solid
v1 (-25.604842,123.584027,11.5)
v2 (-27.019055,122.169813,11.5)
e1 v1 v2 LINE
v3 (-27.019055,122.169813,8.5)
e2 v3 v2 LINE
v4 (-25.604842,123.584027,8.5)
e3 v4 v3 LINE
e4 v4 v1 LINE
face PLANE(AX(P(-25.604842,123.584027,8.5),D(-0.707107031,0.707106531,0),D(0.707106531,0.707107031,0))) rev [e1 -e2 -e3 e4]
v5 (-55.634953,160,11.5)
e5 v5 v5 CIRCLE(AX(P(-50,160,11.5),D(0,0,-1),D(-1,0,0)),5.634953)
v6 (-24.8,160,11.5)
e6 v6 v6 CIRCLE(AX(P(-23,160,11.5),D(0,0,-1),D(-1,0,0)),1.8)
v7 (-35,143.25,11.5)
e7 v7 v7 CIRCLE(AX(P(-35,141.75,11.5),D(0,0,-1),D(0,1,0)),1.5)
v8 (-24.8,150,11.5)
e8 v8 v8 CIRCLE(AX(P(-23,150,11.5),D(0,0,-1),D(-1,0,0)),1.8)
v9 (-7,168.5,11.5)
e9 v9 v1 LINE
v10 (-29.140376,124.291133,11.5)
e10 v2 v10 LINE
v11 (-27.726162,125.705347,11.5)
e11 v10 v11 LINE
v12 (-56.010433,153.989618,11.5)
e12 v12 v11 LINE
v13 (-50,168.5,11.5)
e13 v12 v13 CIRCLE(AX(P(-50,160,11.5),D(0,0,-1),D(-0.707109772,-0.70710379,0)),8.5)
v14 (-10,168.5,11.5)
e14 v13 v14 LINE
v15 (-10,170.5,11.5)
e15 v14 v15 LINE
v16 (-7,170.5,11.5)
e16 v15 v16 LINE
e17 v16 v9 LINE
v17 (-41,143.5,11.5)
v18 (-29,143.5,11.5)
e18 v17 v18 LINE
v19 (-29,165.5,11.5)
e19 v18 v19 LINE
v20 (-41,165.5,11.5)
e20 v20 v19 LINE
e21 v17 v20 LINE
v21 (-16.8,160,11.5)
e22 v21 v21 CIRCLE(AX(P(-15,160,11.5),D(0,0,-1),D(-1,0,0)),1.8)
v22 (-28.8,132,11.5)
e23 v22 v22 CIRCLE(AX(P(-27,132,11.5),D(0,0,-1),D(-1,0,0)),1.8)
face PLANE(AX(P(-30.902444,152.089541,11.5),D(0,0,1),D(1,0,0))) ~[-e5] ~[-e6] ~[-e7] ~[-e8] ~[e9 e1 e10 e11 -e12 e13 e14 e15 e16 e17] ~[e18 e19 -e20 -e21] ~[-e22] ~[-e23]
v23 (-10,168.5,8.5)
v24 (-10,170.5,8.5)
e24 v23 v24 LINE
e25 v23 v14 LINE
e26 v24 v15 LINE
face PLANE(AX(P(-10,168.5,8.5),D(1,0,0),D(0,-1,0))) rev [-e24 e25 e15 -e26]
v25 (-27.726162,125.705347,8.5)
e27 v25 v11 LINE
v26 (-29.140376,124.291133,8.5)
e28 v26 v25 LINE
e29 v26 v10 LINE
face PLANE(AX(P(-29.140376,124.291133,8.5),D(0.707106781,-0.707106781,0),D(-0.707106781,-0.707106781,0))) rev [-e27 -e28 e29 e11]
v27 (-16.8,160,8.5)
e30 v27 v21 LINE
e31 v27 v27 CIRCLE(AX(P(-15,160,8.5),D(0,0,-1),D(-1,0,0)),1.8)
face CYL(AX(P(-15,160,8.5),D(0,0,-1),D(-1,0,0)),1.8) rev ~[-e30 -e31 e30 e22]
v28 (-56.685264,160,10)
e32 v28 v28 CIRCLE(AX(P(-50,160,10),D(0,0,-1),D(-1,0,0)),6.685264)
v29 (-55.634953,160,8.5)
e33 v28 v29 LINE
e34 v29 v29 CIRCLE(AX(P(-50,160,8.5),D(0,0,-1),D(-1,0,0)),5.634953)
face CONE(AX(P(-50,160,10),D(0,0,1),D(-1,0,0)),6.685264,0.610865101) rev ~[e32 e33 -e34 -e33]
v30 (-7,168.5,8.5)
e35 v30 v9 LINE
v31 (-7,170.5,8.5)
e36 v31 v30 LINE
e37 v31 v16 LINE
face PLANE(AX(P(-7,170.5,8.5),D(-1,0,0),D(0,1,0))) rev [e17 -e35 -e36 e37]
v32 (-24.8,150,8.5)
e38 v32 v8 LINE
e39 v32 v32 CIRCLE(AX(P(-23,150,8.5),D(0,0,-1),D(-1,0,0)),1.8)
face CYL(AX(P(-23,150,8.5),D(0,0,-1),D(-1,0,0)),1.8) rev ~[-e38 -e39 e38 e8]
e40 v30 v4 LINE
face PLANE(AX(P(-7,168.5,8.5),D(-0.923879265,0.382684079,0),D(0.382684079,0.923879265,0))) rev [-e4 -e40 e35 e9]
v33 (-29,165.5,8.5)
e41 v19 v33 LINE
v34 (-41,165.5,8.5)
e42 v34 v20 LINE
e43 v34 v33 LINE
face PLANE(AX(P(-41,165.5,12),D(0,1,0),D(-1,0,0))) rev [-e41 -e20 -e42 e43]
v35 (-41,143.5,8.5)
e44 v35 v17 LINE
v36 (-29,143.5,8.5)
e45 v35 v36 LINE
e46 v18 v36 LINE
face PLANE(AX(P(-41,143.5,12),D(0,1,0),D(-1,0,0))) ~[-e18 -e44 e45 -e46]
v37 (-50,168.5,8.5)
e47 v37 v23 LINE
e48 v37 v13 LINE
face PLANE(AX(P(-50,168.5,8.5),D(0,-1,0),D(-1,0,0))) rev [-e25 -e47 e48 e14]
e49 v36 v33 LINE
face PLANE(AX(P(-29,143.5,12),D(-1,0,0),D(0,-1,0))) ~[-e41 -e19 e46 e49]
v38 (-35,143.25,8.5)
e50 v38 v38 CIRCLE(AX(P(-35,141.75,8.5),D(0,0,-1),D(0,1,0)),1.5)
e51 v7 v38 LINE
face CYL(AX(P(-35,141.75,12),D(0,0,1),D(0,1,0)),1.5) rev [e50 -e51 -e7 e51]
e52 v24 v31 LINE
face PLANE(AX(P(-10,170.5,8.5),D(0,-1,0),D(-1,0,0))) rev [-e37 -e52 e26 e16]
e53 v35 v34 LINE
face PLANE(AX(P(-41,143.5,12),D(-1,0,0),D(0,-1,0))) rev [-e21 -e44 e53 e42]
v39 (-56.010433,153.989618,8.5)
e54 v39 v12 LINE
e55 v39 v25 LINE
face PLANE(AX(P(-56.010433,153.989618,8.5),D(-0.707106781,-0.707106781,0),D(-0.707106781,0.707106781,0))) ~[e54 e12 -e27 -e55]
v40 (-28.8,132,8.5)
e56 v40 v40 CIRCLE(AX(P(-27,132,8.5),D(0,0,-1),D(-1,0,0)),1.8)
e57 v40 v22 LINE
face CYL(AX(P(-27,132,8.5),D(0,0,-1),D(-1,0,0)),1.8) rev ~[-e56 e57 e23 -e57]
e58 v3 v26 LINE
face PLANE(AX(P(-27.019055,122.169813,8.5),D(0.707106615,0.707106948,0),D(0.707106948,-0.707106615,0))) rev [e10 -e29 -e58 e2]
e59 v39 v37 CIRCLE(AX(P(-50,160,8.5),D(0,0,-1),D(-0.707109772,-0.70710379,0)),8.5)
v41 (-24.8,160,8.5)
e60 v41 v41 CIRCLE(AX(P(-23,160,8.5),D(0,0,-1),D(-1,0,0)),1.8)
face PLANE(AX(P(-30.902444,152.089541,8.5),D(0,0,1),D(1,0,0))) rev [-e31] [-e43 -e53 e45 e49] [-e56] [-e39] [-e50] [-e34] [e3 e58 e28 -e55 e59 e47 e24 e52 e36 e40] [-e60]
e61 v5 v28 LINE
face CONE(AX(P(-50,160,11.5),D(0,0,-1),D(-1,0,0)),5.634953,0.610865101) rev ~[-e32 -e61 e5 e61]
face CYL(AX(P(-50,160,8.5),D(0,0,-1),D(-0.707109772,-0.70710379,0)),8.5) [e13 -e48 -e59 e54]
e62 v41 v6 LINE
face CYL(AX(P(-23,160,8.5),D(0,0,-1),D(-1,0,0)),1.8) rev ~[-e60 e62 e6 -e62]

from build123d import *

# Parameters (mm, degrees)
SKETCH182_R     = 1.5
SKETCH182_W     = 22
SKETCH182_H     = 12
PAD127029_DEPTH = 17.5
SKETCH153_R     = 8
SKETCH153_R_2   = 1.8
PAD119_DEPTH    = 3


with BuildPart() as pad127029:
    # Sketch182 → Pad127029 (new body, symmetric)
    with BuildSketch(Plane(origin=(35, 160, 12), x_dir=(0, 1, 0), z_dir=(0, 0, 1))):
        with Locations((-18.25, 0)):
            Circle(SKETCH182_R)
        with Locations((-5.5, 0)):
            Rectangle(SKETCH182_W, SKETCH182_H)
    extrude(amount=PAD127029_DEPTH, both=True)


with BuildPart() as frontwheelbaseplate:
    # Sketch153 → Pad119 (new body)
    with BuildSketch(Plane(origin=(50, 160, 8.5), x_dir=(1, 0, 0), z_dir=(0, 0, 1))):
        with BuildLine():
            ThreePointArc((6.010433, -6.010382), (7.852969, 3.252826), (0, 8.5))
            Line((0, 8.5), (-40, 8.5))
            Line((-40, 8.5), (-40, 10.5))
            Line((-40, 10.5), (-43, 10.5))
            Line((-43, 10.5), (-43, 8.5))
            Line((-43, 8.5), (-24.395158, -36.415973))
            Line((-24.395158, -36.415973), (-22.980945, -37.830187))
            Line((-22.980945, -37.830187), (-20.859624, -35.708867))
            Line((-20.859624, -35.708867), (-22.273838, -34.294653))
            Line((6.010433, -6.010382), (-22.273838, -34.294653))
        make_face()
        Circle(SKETCH153_R, mode=Mode.SUBTRACT)
        with Locations((-27, 0)):
            Circle(SKETCH153_R_2, mode=Mode.SUBTRACT)
        with Locations((-27, -10)):
            Circle(SKETCH153_R_2, mode=Mode.SUBTRACT)
        with Locations((-23, -28)):
            Circle(SKETCH153_R_2, mode=Mode.SUBTRACT)
        with Locations((-35, 0)):
            Circle(SKETCH153_R_2, mode=Mode.SUBTRACT)
    extrude(amount=PAD119_DEPTH)


with BuildPart() as steeringbaseplate:
    # Sketch151 → Revolution007 (revolve)
    with BuildSketch(Plane(origin=(50, 160, 10), x_dir=(1, 0, 0), z_dir=(0, -1, 0))):
        Polygon((5.634953, 1.5), (6.685264, 0), (5.634953, -1.5), (8, -1.5), (8, 1.5), align=None)
    revolve(axis=Axis((50, 160, 10), (0, 0, 1)))

    # Fusion004020020: union FrontWheelBasePlate
    add(frontwheelbaseplate.part)

    # Cut007019020: cut Pad127029
    add(pad127029.part, mode=Mode.SUBTRACT)


with BuildPart() as part_mirroring011:
    # Part__Mirroring011: instance of SteeringBasePlate
    add(steeringbaseplate.part.mirror(Plane(origin=(0, 0, 0), x_dir=(0, -1, 0), z_dir=(1, 0, 0))))


solid = part_mirroring011.part
